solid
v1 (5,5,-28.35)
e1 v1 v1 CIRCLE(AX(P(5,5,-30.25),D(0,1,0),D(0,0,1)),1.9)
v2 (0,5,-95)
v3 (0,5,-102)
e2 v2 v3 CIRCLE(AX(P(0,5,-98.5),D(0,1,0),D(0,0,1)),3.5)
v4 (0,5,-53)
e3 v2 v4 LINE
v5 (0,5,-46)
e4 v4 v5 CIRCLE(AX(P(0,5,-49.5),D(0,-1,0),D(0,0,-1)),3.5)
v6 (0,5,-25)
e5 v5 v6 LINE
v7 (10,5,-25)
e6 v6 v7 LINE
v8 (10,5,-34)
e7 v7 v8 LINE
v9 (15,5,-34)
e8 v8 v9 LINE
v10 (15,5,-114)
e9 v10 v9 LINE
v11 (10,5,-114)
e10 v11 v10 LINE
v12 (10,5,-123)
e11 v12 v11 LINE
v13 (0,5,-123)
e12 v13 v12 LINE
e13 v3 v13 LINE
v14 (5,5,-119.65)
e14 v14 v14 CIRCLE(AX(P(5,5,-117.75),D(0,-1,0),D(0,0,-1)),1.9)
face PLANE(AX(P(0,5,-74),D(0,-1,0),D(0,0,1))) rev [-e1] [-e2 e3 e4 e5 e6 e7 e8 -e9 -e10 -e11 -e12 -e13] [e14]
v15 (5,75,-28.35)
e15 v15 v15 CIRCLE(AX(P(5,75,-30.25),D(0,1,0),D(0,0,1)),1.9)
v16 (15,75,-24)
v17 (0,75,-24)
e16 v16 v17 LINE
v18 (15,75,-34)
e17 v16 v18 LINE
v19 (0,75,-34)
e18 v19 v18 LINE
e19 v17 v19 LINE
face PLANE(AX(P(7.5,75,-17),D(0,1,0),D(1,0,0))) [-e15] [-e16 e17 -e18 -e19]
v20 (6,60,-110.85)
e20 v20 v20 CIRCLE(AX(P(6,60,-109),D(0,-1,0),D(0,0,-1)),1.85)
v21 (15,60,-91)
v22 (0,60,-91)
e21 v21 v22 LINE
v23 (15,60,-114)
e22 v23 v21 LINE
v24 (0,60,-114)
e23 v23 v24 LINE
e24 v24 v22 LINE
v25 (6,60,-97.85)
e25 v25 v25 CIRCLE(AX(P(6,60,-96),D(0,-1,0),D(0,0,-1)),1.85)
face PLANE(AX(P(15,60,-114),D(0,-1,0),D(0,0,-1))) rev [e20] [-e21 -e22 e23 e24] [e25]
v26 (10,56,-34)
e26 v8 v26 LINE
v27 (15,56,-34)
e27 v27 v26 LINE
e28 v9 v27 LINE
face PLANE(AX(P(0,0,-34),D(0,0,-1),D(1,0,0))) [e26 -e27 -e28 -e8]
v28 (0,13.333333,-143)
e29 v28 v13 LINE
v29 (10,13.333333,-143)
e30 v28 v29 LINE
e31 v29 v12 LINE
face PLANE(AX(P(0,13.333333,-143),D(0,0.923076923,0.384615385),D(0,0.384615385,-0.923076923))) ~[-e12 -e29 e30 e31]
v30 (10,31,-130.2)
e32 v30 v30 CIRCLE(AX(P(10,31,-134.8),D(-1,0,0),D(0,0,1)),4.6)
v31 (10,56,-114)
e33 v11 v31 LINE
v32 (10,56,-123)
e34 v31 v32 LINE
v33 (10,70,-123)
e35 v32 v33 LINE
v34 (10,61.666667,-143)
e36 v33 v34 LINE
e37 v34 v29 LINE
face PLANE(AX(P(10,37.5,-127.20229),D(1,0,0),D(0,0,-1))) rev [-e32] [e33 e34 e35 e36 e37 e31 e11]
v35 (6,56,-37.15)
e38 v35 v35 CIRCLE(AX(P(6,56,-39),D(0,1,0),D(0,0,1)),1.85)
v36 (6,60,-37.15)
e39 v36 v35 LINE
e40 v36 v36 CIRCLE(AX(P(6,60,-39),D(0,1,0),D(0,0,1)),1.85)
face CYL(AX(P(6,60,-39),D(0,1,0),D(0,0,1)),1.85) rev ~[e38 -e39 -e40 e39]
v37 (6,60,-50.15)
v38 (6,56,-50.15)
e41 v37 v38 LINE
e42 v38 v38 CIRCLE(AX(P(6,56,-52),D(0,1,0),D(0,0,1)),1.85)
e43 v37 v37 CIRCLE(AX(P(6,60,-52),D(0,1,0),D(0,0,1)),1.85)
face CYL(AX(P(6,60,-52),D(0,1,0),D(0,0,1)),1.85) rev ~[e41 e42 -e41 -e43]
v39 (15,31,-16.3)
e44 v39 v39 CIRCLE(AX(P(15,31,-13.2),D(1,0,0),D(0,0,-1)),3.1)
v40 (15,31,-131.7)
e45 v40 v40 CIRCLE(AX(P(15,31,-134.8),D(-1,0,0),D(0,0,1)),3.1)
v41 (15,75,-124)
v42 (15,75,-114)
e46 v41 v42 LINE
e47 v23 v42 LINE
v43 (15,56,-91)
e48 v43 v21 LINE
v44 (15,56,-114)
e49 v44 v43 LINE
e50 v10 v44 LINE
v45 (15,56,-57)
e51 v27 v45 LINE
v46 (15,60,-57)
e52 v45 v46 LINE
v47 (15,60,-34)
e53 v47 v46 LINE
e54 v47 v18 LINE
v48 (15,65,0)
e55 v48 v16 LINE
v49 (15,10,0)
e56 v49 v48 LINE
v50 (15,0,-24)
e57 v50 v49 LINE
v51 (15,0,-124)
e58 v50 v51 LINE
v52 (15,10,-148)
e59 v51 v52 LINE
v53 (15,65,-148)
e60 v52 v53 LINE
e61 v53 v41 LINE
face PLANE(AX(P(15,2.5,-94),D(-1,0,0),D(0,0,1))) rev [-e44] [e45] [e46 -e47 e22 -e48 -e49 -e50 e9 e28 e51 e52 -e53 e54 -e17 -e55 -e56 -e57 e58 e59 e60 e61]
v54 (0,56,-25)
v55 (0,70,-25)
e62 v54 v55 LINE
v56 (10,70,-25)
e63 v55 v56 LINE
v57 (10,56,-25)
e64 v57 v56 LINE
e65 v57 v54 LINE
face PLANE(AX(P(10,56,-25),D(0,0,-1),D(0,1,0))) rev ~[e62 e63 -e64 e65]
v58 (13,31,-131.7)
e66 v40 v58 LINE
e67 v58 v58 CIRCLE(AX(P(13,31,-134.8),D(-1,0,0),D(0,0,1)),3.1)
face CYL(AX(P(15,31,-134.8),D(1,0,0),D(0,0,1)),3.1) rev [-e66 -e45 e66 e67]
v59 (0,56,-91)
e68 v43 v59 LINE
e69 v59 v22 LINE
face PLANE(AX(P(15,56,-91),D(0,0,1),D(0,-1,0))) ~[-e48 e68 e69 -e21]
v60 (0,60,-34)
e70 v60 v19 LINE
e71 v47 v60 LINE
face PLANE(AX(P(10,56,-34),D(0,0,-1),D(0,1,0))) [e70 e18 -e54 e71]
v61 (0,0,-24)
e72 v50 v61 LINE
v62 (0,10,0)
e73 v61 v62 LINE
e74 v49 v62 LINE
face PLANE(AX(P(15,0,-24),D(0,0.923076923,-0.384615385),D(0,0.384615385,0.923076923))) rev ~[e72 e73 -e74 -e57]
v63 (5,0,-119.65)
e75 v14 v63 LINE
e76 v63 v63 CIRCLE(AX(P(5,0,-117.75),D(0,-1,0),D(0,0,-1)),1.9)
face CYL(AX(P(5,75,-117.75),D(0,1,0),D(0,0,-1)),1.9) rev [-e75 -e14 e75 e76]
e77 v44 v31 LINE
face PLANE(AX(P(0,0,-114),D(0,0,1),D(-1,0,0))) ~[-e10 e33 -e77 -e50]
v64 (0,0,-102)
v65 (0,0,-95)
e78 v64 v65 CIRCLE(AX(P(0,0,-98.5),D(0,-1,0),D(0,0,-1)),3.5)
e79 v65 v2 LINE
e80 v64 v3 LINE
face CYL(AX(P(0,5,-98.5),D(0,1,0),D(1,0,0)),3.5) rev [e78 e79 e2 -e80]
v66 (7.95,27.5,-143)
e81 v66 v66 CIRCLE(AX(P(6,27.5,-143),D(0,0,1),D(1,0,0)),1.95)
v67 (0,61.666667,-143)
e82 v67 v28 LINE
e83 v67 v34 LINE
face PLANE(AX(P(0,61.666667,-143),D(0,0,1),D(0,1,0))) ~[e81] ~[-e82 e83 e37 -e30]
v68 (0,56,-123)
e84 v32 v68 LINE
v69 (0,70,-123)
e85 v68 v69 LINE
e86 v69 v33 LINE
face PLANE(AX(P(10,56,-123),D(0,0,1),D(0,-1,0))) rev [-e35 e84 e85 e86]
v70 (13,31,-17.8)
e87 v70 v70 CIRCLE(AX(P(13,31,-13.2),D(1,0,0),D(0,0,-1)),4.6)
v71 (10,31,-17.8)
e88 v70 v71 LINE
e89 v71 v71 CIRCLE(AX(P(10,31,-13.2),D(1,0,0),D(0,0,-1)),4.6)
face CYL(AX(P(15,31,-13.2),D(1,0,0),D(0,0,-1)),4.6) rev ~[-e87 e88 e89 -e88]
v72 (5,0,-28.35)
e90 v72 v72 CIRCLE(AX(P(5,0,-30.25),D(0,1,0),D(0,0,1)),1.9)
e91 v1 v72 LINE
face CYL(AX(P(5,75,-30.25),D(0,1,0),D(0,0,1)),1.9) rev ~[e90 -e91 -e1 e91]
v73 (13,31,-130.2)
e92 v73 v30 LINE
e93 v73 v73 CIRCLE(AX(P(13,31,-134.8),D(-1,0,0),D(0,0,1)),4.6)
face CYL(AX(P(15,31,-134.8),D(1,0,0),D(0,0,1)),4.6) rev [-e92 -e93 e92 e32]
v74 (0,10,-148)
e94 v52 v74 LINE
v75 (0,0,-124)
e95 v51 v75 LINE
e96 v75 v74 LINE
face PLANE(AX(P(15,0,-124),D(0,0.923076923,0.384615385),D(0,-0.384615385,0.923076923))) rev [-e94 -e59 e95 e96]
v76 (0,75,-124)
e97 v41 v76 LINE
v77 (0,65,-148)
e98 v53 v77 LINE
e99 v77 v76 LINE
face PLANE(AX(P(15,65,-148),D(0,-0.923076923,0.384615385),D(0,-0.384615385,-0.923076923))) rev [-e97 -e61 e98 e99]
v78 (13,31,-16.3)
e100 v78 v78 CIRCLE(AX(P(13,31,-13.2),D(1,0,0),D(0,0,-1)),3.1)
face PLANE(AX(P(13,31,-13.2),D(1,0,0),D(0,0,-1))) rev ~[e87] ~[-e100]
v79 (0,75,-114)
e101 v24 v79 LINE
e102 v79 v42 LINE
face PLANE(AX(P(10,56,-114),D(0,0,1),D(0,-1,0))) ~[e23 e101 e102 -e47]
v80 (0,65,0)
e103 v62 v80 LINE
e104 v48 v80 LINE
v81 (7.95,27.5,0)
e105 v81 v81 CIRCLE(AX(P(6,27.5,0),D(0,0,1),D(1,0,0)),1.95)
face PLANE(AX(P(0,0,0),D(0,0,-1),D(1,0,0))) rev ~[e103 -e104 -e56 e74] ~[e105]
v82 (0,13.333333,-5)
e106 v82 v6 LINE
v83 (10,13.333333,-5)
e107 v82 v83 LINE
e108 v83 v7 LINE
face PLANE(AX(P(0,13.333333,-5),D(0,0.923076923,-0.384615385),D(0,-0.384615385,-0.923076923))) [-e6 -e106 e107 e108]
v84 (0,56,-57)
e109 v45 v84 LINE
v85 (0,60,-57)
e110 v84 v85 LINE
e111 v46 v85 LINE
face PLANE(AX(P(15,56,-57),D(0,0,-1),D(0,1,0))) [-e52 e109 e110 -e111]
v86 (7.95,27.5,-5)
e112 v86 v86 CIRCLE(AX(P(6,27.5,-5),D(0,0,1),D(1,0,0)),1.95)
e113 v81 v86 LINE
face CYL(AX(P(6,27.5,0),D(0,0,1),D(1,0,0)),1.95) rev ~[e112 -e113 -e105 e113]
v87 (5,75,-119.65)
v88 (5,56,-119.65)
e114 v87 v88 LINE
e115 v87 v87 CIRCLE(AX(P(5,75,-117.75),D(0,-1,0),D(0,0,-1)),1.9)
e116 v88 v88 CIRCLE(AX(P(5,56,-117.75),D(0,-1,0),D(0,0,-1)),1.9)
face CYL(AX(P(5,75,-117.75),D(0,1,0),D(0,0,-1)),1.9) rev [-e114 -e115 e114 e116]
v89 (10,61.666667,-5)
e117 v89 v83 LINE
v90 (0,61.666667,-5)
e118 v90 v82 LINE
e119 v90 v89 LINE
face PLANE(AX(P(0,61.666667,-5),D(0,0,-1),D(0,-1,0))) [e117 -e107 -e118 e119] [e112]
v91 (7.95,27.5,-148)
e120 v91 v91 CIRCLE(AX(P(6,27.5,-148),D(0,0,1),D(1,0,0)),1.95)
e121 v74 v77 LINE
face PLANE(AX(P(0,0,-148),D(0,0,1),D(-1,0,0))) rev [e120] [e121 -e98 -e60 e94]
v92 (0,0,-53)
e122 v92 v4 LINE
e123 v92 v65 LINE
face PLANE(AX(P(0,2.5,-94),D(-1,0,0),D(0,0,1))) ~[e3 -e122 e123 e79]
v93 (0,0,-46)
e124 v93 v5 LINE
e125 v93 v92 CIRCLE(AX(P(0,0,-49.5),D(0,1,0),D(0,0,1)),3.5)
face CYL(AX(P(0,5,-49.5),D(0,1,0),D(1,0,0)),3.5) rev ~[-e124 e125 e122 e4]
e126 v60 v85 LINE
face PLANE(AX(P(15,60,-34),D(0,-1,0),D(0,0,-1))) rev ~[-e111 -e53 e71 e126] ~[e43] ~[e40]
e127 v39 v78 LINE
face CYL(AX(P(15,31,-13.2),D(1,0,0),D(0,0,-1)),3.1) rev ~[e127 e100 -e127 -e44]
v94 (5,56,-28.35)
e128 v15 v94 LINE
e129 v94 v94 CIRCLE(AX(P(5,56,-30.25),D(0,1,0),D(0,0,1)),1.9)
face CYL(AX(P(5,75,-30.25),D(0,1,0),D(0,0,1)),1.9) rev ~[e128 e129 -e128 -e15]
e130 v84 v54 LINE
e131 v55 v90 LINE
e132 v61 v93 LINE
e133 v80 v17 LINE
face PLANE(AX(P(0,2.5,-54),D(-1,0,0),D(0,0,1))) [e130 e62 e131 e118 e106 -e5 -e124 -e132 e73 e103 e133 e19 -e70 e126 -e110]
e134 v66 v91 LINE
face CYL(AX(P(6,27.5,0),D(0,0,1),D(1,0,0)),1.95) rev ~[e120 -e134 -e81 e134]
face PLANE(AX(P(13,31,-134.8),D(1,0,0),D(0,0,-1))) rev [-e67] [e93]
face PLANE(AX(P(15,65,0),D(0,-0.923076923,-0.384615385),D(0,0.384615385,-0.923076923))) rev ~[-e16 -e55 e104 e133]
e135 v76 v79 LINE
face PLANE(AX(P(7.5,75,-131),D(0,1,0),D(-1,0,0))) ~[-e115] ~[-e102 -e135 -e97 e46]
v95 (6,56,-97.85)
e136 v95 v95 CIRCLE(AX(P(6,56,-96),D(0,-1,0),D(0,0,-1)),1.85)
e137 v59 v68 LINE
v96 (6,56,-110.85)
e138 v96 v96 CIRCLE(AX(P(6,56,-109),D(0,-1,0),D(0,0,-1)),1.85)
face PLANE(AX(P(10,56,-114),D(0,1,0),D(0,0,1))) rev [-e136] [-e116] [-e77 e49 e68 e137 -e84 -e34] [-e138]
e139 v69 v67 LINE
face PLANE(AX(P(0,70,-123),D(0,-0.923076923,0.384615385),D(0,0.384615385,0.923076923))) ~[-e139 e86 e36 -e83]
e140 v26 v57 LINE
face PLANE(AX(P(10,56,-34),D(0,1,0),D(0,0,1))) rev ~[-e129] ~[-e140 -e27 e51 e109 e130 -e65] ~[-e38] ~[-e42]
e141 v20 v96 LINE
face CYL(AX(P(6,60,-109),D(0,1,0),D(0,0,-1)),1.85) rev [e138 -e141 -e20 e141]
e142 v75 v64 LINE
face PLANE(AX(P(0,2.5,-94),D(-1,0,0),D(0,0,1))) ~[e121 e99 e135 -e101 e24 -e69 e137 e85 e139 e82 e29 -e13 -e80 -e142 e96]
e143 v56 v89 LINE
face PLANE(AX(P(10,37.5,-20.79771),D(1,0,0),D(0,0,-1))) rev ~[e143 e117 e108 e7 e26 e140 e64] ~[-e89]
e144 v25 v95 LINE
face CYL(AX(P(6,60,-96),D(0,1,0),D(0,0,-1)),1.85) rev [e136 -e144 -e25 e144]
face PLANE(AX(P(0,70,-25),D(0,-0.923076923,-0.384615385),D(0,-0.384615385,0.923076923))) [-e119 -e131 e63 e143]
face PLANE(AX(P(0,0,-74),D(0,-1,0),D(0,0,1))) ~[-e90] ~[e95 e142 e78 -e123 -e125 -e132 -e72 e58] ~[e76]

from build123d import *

# Parameters (mm, degrees)
SKETCH1_W           = 15
SKETCH1_H           = 34
BOSS_EXTRUDE1_DEPTH = 75
CUT_EXTRUDE5_DEPTH  = 15
CUT_EXTRUDE6_START  = -15
CUT_EXTRUDE6_DEPTH  = 10
SKETCH13_W          = 23
SKETCH13_H          = 4
BOSS_EXTRUDE4_DEPTH = 15
SKETCH14_R          = 1.85
CUT_EXTRUDE8_DEPTH  = 85.107074613
SKETCH15_W          = 9
SKETCH15_H          = 14
BOSS_EXTRUDE5_DEPTH = 10
CUT_EXTRUDE4_REACH  = 97.389
SKETCH5_R           = 1.9
SKETCH11_R          = 4.6
CUT_EXTRUDE7_DEPTH  = 10
SKETCH12_R          = 4.6
SKETCH12_R_2        = 3.1
BOSS_EXTRUDE3_DEPTH = 2
SKETCH20_W          = 40
SKETCH20_H          = 5
BOSS_EXTRUDE8_DEPTH = 15
SKETCH21_R          = 3.5
CUT_EXTRUDE11_DEPTH = 103.961157725
SKETCH22_R          = 1.95
CUT_EXTRUDE12_DEPTH = 167.595318061


with BuildPart() as part:
    # Sketch1 → Boss-Extrude1 (new body)
    with BuildSketch(Plane(origin=(0, 0, 0), x_dir=(1, 0, 0), z_dir=(0, 1, 0))):
        with Locations((7.5, 17)):
            Rectangle(SKETCH1_W, SKETCH1_H)
    extrude(amount=BOSS_EXTRUDE1_DEPTH)

    # Sketch2 → Cut-Extrude5 (cut)
    with BuildSketch(Plane(origin=(15, 0, 0), x_dir=(0, 0, -1), z_dir=(1, 0, 0))):
        Polygon((0, 75), (0, 65), (24, 75), align=None)
        Polygon((0, 0), (24, 0), (0, 10), align=None)
    extrude(amount=-CUT_EXTRUDE5_DEPTH, mode=Mode.SUBTRACT)

    # Sketch2<5> → Cut-Extrude6 (cut)
    with BuildSketch(Plane(origin=(15, 0, 0), x_dir=(0, 0, -1), z_dir=(1, 0, 0)).offset(CUT_EXTRUDE6_START)):
        Polygon((25, 5), (34, 5), (34, 70), (25, 70), (5, 61.666666667), (5, 13.333333333), align=None)
    extrude(amount=CUT_EXTRUDE6_DEPTH, mode=Mode.SUBTRACT)

    # Sketch13 → Boss-Extrude4 (add)
    with BuildSketch(Plane(origin=(15, 0, 0), x_dir=(0, 0, -1), z_dir=(1, 0, 0))):
        with Locations((45.5, 58)):
            Rectangle(SKETCH13_W, SKETCH13_H)
    extrude(amount=-BOSS_EXTRUDE4_DEPTH)

    # Sketch14 → Cut-Extrude8 (cut, through all)
    with BuildSketch(Plane(origin=(0, 60, 0), x_dir=(1, 0, 0), z_dir=(0, 1, 0))):
        with Locations(Location((6, 39, 0), (0, 0, 270))):
            Circle(SKETCH14_R)
        with Locations(Location((6, 52, 0), (0, 0, 270))):
            Circle(SKETCH14_R)
    extrude(amount=-CUT_EXTRUDE8_DEPTH, mode=Mode.SUBTRACT)

    # Sketch15 → Boss-Extrude5 (add)
    with BuildSketch(Plane.ZY.offset(-10)):
        with Locations((-29.5, 63)):
            Rectangle(SKETCH15_W, SKETCH15_H)
    extrude(amount=BOSS_EXTRUDE5_DEPTH)

    # Cut-Extrude4: up to this face of the body (flat: up to its plane)
    cut_extrude4_end = Plane(part.part.faces().sort_by_distance((7.5, 0, -29))[0])
    # Sketch5 → Cut-Extrude4 (cut, up to the picked face)
    with BuildSketch(Plane(origin=(0, 75, 0), x_dir=(1, 0, 0), z_dir=(0, 1, 0)), mode=Mode.PRIVATE) as cut_extrude4_sk1:
        with Locations(Location((5, 30.25, 0), (0, 0, 270))):
            Circle(SKETCH5_R)
    cut_extrude4_tool1 = split(extrude(cut_extrude4_sk1.sketch, amount=-CUT_EXTRUDE4_REACH, mode=Mode.PRIVATE), bisect_by=cut_extrude4_end, keep=Keep.BOTH, mode=Mode.PRIVATE)
    add(cut_extrude4_tool1.solids().sort_by(Axis((5, 75, -30.25), (0, -1, 0)))[0], mode=Mode.SUBTRACT)

    # Sketch11 → Cut-Extrude7 (cut)
    with BuildSketch(Plane(origin=(15, 0, 0), x_dir=(0, 0, -1), z_dir=(1, 0, 0))):
        with Locations((13.2, 31)):
            Circle(SKETCH11_R)
    extrude(amount=-CUT_EXTRUDE7_DEPTH, mode=Mode.SUBTRACT)

    # Sketch12 → Boss-Extrude3 (add)
    with BuildSketch(Plane(origin=(15, 0, 0), x_dir=(0, 0, -1), z_dir=(1, 0, 0))):
        with Locations((13.2, 31)):
            Circle(SKETCH12_R)
        with Locations((13.2, 31)):
            Circle(SKETCH12_R_2, mode=Mode.SUBTRACT)
    extrude(amount=-BOSS_EXTRUDE3_DEPTH)

    # Sketch20 → Boss-Extrude8 (add)
    with BuildSketch(Plane.ZY):
        with Locations((-54, 2.5)):
            Rectangle(SKETCH20_W, SKETCH20_H)
    extrude(amount=-BOSS_EXTRUDE8_DEPTH)

    # Sketch21 → Cut-Extrude11 (cut, through all)
    with BuildSketch(Plane(origin=(0, 5, 0), x_dir=(1, 0, 0), z_dir=(0, 1, 0))):
        with Locations((0, 49.5)):
            Circle(SKETCH21_R)
    extrude(amount=-CUT_EXTRUDE11_DEPTH, mode=Mode.SUBTRACT)

    # Mirror3: part across plane


with BuildPart() as part_1:
    add(part.part)
    add(part.part.mirror(Plane(origin=(55.311288741, 0, -74), x_dir=(1, 0, 0), z_dir=(0, 0, -1))))

    # Sketch22 → Cut-Extrude12 (cut, through all)
    with BuildSketch(Plane.XY):
        with Locations((6, 27.5)):
            Circle(SKETCH22_R)
    extrude(amount=-CUT_EXTRUDE12_DEPTH, mode=Mode.SUBTRACT)


solid = part_1.part
